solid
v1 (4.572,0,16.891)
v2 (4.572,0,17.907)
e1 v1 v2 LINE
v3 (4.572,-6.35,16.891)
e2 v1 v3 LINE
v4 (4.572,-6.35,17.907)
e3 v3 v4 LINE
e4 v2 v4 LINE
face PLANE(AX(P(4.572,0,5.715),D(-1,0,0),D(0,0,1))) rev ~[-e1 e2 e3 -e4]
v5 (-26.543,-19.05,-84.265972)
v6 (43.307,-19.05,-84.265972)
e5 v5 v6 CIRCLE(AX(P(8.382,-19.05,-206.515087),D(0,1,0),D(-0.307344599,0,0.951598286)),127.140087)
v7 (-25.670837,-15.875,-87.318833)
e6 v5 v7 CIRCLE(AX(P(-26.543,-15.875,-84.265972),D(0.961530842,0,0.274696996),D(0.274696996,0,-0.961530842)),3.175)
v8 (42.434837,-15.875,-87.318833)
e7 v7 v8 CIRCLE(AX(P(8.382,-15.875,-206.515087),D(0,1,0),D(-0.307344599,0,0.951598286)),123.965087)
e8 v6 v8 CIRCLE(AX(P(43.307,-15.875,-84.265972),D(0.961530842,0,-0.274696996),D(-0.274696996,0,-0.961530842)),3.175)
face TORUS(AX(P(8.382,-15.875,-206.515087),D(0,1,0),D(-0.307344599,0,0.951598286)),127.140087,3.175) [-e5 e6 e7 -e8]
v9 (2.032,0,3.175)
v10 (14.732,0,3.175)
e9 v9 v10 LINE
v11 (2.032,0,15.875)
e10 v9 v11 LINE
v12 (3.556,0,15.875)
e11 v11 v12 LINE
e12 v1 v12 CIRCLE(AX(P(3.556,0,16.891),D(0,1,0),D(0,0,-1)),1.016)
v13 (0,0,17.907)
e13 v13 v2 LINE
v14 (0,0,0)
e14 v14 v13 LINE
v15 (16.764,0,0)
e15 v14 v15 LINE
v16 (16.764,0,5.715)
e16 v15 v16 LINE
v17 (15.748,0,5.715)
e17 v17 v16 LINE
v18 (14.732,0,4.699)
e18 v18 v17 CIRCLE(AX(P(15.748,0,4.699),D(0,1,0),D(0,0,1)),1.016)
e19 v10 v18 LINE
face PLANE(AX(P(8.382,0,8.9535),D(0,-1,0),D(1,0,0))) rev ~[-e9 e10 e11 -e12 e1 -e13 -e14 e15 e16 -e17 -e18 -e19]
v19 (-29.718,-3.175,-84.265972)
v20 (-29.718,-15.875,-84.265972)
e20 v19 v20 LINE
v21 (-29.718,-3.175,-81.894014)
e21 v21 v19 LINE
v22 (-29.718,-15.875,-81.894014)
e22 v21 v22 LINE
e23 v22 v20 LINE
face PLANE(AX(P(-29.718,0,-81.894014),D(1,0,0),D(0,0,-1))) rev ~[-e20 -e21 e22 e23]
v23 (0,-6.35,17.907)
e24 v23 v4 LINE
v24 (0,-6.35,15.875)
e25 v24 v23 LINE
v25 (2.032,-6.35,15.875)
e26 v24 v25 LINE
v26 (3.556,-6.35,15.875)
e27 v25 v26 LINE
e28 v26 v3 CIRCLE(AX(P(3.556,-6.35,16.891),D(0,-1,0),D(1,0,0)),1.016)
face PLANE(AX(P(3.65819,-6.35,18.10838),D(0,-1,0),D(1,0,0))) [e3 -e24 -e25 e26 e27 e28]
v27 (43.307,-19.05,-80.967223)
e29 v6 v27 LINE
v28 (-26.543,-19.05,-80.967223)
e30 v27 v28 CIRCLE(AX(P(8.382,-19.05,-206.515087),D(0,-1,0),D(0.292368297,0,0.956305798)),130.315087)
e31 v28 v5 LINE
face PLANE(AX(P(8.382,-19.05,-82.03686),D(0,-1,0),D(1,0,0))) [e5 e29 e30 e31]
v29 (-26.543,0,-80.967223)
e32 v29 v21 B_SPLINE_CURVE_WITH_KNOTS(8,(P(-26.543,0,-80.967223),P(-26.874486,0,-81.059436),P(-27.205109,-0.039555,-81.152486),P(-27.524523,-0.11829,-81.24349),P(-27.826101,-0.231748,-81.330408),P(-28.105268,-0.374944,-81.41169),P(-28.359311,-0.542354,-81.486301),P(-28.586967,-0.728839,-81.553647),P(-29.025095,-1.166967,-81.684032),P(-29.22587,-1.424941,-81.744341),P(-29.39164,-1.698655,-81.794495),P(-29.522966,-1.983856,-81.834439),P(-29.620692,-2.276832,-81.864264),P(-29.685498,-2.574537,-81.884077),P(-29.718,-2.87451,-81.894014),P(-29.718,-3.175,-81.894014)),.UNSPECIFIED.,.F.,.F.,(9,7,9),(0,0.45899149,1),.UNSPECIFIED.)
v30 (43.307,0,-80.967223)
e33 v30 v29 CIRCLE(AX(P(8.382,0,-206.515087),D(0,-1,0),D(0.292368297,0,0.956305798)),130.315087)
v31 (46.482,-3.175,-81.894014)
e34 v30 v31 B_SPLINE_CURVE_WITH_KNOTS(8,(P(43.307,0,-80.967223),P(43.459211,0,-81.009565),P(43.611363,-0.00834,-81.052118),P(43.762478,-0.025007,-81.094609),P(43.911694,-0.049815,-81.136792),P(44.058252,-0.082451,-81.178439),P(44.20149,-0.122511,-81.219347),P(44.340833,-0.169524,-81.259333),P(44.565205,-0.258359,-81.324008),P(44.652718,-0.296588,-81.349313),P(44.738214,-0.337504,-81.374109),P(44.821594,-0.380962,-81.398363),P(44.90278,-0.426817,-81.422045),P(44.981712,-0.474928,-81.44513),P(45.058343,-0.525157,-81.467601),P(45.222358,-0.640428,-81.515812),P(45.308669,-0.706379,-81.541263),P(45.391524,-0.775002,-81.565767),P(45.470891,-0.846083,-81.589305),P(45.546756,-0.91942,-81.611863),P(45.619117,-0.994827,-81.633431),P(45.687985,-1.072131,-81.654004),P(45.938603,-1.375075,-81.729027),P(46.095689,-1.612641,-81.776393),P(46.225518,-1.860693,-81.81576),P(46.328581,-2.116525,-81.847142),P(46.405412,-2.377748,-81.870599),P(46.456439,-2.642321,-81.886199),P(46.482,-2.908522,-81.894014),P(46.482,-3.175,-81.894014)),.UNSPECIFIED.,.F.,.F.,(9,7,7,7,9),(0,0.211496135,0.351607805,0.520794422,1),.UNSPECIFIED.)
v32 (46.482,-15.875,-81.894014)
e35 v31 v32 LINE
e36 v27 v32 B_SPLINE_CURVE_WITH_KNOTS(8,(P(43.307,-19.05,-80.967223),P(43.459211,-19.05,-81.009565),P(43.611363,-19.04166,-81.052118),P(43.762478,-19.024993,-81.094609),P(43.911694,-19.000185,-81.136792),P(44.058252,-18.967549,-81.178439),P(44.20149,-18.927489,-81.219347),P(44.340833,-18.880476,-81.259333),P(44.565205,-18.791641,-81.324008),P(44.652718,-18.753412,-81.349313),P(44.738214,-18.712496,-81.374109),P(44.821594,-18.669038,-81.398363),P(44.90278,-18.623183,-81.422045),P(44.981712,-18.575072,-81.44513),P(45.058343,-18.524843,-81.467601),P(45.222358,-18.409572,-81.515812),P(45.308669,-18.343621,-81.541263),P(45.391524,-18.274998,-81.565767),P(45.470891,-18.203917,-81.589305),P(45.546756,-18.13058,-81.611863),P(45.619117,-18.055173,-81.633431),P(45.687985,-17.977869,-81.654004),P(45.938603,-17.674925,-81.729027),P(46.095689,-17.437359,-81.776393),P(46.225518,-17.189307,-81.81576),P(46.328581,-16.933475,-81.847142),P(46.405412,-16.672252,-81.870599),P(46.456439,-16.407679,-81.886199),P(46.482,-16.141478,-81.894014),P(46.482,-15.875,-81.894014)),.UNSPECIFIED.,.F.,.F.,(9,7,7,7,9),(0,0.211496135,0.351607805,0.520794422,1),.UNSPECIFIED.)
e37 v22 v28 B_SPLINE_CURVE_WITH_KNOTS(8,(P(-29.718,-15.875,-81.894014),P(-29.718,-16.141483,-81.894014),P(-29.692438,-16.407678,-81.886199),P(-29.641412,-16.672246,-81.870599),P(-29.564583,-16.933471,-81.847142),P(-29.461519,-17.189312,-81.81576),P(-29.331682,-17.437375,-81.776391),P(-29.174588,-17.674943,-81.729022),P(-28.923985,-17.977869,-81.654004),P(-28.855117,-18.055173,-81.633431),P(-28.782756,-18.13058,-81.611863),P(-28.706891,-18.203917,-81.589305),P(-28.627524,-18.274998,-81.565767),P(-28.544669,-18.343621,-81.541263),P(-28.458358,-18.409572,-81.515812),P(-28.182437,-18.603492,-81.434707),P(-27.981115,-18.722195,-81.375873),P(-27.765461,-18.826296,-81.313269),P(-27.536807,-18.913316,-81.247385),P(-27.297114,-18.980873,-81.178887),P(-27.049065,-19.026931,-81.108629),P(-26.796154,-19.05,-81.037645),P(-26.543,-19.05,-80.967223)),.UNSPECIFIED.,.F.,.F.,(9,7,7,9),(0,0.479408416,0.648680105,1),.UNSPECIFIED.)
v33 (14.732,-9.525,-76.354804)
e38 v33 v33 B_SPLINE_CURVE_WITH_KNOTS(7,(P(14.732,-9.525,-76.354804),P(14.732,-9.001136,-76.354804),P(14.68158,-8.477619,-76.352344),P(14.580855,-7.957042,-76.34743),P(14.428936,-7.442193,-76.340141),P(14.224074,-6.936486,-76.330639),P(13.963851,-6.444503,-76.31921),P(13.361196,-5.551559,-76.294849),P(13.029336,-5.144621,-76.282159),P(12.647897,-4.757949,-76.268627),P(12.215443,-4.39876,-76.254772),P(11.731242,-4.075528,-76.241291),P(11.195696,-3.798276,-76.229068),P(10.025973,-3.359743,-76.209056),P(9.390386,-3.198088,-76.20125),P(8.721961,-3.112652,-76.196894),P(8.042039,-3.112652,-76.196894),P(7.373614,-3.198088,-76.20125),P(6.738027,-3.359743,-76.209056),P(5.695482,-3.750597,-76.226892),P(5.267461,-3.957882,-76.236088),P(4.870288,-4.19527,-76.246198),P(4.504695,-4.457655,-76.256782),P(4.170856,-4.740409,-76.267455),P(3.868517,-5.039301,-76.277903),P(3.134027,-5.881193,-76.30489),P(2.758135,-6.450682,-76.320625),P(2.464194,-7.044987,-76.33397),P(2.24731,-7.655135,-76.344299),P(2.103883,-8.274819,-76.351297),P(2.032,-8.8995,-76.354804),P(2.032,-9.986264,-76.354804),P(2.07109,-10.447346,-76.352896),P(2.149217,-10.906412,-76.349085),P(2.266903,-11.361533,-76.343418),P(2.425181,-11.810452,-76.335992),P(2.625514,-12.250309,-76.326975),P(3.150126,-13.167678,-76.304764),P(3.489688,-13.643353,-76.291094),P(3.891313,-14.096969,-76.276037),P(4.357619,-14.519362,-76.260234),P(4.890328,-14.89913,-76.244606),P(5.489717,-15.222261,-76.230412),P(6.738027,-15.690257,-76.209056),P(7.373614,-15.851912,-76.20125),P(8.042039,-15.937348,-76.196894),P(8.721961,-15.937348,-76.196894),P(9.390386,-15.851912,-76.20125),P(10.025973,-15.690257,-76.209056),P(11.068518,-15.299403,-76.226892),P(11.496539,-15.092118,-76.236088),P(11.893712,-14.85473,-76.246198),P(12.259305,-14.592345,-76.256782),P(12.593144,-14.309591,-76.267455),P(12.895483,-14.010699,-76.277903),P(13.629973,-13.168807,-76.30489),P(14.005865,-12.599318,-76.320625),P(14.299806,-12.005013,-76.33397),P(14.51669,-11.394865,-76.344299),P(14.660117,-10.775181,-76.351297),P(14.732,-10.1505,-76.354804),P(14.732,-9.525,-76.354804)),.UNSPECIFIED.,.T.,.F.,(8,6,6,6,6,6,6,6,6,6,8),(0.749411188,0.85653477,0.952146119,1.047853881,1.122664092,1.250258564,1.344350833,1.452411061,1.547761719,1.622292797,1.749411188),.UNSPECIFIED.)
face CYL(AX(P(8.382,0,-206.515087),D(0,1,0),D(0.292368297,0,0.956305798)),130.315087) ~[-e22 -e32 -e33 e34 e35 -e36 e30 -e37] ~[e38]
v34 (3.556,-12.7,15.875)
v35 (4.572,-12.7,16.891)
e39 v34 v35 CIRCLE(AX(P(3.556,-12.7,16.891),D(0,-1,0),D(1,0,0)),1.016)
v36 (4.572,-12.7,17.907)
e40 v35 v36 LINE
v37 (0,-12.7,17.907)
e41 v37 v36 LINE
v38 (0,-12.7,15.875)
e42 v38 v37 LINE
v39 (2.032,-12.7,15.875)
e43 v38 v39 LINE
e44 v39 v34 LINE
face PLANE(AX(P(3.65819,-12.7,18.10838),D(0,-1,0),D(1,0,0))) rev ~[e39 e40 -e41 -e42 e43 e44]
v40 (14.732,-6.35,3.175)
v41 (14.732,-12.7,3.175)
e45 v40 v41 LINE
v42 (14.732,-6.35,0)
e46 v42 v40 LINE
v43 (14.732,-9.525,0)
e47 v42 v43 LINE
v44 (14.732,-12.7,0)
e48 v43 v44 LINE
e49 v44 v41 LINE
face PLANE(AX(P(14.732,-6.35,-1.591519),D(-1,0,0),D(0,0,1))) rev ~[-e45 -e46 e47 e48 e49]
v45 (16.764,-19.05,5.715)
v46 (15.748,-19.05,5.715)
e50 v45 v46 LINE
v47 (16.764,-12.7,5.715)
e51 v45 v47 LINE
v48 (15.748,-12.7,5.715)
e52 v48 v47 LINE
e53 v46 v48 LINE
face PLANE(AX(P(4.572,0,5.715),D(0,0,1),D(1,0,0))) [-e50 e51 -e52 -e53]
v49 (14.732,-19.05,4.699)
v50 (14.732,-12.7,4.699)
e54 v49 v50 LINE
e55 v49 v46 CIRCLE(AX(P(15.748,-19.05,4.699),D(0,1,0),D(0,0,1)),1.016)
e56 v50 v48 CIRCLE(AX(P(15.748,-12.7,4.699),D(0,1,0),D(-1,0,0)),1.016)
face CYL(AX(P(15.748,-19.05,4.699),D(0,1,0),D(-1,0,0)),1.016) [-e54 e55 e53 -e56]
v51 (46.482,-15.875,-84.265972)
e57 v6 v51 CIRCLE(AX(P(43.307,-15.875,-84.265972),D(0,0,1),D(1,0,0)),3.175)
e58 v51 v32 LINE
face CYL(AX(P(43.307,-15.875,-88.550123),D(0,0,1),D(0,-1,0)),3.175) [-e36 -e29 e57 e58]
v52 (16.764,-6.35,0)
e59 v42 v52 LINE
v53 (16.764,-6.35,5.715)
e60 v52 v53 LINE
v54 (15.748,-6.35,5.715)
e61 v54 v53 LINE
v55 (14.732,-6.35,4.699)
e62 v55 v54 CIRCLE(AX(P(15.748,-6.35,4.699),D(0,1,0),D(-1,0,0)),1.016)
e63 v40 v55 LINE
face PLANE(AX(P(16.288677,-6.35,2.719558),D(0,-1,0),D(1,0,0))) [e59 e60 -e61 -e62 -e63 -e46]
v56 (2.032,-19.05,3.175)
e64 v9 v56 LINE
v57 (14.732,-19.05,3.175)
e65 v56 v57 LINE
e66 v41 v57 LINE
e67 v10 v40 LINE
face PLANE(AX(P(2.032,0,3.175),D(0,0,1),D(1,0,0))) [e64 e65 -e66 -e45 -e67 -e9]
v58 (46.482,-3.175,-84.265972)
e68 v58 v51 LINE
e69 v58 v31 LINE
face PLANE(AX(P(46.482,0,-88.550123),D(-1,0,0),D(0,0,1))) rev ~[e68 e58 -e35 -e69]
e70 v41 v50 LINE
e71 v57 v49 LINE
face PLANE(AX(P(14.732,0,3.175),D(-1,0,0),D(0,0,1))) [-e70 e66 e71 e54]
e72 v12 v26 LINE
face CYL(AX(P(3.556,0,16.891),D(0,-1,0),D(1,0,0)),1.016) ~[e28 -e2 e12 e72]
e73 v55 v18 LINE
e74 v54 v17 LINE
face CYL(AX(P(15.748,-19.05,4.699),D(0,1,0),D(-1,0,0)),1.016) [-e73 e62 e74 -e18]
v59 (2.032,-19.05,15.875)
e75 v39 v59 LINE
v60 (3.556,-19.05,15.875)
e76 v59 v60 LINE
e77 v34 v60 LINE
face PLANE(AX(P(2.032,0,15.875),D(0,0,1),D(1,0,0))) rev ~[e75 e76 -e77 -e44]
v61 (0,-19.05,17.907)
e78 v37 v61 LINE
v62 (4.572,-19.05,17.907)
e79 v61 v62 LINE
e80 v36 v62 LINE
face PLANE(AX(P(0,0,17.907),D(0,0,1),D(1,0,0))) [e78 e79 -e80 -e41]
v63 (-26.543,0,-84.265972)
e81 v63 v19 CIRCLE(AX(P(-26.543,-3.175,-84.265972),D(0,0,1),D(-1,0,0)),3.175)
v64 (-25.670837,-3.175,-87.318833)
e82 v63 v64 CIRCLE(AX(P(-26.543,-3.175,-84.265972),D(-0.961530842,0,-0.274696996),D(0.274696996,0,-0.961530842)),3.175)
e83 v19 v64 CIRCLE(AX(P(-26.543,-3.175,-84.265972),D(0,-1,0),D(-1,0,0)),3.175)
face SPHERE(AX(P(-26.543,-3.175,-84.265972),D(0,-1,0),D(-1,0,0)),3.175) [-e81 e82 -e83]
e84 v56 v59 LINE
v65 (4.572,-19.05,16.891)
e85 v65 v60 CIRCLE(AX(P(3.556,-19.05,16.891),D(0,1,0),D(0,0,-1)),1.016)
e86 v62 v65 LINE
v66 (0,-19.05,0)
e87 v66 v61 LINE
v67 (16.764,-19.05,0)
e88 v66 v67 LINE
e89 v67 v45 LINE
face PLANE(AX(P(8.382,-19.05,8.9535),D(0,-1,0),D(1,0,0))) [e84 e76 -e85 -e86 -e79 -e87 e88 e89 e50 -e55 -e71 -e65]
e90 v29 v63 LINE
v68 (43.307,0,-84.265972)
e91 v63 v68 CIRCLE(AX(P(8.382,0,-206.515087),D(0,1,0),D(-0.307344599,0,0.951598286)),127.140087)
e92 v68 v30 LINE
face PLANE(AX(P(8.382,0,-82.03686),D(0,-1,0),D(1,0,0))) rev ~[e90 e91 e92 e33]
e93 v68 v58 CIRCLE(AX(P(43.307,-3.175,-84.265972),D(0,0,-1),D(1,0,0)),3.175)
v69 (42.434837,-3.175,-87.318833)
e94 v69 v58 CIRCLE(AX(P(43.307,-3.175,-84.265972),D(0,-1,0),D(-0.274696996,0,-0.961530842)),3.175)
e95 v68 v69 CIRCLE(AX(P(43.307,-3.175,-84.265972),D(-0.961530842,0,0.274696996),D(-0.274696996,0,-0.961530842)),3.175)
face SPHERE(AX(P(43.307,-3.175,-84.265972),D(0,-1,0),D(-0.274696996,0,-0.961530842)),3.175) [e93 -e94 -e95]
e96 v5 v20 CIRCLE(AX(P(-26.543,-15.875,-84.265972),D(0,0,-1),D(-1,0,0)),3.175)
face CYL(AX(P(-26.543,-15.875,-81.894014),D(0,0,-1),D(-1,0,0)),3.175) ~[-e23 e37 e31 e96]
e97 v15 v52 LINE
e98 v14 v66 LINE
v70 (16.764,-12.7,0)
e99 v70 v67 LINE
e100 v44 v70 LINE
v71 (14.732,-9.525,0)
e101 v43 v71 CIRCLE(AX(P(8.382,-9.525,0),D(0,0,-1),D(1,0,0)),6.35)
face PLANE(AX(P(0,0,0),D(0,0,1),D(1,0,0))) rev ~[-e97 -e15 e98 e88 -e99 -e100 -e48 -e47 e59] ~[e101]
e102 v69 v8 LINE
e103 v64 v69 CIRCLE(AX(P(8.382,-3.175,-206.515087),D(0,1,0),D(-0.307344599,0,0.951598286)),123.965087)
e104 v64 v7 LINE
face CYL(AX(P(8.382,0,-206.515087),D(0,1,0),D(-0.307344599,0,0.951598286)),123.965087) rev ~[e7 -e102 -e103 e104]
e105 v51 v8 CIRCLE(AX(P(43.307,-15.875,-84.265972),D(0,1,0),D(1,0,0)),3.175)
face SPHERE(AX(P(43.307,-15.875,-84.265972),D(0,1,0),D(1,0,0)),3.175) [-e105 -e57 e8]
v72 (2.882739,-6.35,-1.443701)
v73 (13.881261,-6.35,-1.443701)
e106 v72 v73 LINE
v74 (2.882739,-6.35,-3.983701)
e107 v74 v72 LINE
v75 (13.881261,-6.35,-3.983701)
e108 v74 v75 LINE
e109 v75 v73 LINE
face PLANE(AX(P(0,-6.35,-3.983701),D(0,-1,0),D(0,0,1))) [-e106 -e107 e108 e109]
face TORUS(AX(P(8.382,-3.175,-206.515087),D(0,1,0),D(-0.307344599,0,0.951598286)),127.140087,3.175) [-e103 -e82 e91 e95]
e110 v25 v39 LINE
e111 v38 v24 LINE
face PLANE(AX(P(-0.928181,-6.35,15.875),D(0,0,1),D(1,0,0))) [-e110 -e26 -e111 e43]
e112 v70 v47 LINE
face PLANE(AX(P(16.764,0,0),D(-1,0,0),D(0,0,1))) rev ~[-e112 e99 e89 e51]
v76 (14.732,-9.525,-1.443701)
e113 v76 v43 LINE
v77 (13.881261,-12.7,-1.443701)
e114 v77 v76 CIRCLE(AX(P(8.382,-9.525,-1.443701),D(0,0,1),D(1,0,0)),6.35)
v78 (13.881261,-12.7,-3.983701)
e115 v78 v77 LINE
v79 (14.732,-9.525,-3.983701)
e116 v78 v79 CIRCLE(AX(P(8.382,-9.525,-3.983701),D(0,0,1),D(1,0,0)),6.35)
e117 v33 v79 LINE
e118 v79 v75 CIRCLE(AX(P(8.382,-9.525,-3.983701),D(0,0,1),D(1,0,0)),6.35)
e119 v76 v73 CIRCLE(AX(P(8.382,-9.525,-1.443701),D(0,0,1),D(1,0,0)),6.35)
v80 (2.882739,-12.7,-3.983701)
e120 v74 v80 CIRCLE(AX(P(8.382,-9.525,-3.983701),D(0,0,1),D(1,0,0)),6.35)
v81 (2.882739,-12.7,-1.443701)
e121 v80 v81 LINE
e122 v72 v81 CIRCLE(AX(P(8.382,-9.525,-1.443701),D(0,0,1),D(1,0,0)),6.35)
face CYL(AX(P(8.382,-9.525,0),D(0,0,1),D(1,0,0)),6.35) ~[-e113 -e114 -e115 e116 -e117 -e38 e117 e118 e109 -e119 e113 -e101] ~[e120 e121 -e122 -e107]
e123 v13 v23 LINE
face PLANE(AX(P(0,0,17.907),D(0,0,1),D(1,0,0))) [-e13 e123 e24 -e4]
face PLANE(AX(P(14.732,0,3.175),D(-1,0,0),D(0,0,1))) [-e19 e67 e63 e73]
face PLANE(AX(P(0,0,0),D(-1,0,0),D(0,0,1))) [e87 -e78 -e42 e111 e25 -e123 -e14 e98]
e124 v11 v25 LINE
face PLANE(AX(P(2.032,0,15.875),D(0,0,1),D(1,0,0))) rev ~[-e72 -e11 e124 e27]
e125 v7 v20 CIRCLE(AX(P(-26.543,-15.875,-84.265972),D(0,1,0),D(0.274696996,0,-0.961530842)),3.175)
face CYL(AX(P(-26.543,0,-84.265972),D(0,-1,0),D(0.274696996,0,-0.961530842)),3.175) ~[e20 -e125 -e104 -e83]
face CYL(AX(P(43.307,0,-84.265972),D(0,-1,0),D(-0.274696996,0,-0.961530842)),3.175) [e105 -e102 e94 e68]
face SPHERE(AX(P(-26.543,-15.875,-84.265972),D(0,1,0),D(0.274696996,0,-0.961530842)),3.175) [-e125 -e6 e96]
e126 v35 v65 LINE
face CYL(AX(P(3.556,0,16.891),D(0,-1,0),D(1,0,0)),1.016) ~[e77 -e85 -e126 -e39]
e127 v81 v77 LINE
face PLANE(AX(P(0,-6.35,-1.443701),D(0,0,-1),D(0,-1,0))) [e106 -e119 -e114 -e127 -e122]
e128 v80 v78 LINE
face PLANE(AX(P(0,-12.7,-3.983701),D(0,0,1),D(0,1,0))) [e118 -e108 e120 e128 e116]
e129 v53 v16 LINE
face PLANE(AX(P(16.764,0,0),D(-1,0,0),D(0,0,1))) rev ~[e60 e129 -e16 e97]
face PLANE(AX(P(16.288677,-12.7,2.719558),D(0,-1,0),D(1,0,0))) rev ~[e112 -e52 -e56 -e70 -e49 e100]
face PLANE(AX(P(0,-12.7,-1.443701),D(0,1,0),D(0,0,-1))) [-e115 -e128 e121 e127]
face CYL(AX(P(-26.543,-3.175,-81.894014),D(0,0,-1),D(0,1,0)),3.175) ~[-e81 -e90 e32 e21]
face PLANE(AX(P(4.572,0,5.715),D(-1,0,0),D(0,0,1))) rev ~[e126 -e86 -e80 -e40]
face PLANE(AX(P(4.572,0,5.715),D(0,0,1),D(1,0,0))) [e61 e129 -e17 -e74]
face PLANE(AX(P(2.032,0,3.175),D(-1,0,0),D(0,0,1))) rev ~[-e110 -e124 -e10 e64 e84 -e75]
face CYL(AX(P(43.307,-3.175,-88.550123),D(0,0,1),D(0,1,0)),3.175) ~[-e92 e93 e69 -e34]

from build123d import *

# Parameters (mm, degrees)
F0_W      = 16.764
F0_H      = 17.907
F0_W_2    = 12.7
F0_H_2    = 12.7
F1_DEPTH  = 19.05
F2_W      = 21.1890064
F2_H      = 17.8200355506
F3_DEPTH  = 25.4
F4_R      = 6.35
F5_DEPTH  = 76.2
F7_DEPTH  = 19.05
F8_DEPTH  = 79.375
F9_R      = 3.175
F10_R     = 1.016
F12_DEPTH = 25.4
F13_W     = 9.1727420804
F13_H     = 4.4667599723
F13_W_2   = 3.1133545563
F13_H_2   = 8.6221548263
F14_DEPTH = 6.35


with BuildPart() as f1:
    # F0 (on Front) → F1 (new body)
    with BuildSketch(Plane.XZ):
        with Locations((8.382, 8.9535)):
            Rectangle(F0_W, F0_H)
        with Locations((8.382, 9.525)):
            Rectangle(F0_W_2, F0_H_2, mode=Mode.SUBTRACT)
    extrude(amount=F1_DEPTH)

    # F2 (on Front) → F3 (cut)
    with BuildSketch(Plane.XZ):
        with Locations((15.1665032, 14.6250177753)):
            Rectangle(F2_W, F2_H)
    extrude(amount=F3_DEPTH, mode=Mode.SUBTRACT)

    # F4 (on face) → F5 (join)
    with BuildSketch(Plane(origin=(0, 0, 0), x_dir=(1, 0, 0), z_dir=(0, 0, -1))):
        with Locations((8.382, 9.525)):
            Circle(F4_R)
    extrude(amount=F5_DEPTH)

    # F6 (on Front) → F7 (join)
    with BuildSketch(Plane.XZ):
        with BuildLine():
            Line((46.482, -88.5501227317), (46.482, -81.894013743))
            ThreePointArc((46.482, -81.894013743), (8.382, -76.2), (-29.718, -81.894013743))
            Line((-29.718, -81.894013743), (-29.718, -88.5501227317))
            ThreePointArc((-29.718, -88.5501227317), (8.382, -82.55), (46.482, -88.5501227317))
        make_face()
    extrude(amount=F7_DEPTH)

    # F4 (on face) → F8 (join)
    with BuildSketch(Plane(origin=(0, 0, 0), x_dir=(1, 0, 0), z_dir=(0, 0, -1))):
        with Locations((8.382, 9.525)):
            Circle(F4_R)
    extrude(amount=F8_DEPTH)

    # F9
    f9_edges = [f1.edges().sort_by_distance(p)[0] for p in [
        (8.382, -19.05, -82.55),
        (46.482, -9.525, -88.550123),
        (46.482, -19.05, -85.222068),
        (-29.718, -19.05, -85.222068),
        (-29.718, 0, -85.222068),
        (8.382, 0, -82.55),
        (-29.718, -9.525, -88.550123),
        (46.482, 0, -85.222068),
    ]]
    fillet(f9_edges, radius=F9_R)

    # F10
    f10_edges = [f1.edges().sort_by_distance(p)[0] for p in [
        (4.572, -9.525, 15.875),
        (14.732, -9.525, 5.715),
    ]]
    fillet(f10_edges, radius=F10_R)

    # F11 (on Right) → F12 (cut)
    with BuildSketch(Plane.YZ):
        Polygon((-9.525, -1.4437012938), (-12.7, -1.4437012938), (-12.7, -3.9837012938), (-6.35, -3.9837012938), (-6.35, -1.4437012938), align=None)
    extrude(amount=F12_DEPTH, mode=Mode.SUBTRACT)

    # F13 (on face) → F14 (cut, through all)
    with BuildSketch(Plane.XZ.offset(6.35)):
        with Locations((3.6581899913, 18.1083799861)):
            Rectangle(F13_W, F13_H)
        with Locations((16.2886772781, 2.7195581933)):
            Rectangle(F13_W_2, F13_H_2)
    extrude(amount=F14_DEPTH, mode=Mode.SUBTRACT)


solid = f1.part
